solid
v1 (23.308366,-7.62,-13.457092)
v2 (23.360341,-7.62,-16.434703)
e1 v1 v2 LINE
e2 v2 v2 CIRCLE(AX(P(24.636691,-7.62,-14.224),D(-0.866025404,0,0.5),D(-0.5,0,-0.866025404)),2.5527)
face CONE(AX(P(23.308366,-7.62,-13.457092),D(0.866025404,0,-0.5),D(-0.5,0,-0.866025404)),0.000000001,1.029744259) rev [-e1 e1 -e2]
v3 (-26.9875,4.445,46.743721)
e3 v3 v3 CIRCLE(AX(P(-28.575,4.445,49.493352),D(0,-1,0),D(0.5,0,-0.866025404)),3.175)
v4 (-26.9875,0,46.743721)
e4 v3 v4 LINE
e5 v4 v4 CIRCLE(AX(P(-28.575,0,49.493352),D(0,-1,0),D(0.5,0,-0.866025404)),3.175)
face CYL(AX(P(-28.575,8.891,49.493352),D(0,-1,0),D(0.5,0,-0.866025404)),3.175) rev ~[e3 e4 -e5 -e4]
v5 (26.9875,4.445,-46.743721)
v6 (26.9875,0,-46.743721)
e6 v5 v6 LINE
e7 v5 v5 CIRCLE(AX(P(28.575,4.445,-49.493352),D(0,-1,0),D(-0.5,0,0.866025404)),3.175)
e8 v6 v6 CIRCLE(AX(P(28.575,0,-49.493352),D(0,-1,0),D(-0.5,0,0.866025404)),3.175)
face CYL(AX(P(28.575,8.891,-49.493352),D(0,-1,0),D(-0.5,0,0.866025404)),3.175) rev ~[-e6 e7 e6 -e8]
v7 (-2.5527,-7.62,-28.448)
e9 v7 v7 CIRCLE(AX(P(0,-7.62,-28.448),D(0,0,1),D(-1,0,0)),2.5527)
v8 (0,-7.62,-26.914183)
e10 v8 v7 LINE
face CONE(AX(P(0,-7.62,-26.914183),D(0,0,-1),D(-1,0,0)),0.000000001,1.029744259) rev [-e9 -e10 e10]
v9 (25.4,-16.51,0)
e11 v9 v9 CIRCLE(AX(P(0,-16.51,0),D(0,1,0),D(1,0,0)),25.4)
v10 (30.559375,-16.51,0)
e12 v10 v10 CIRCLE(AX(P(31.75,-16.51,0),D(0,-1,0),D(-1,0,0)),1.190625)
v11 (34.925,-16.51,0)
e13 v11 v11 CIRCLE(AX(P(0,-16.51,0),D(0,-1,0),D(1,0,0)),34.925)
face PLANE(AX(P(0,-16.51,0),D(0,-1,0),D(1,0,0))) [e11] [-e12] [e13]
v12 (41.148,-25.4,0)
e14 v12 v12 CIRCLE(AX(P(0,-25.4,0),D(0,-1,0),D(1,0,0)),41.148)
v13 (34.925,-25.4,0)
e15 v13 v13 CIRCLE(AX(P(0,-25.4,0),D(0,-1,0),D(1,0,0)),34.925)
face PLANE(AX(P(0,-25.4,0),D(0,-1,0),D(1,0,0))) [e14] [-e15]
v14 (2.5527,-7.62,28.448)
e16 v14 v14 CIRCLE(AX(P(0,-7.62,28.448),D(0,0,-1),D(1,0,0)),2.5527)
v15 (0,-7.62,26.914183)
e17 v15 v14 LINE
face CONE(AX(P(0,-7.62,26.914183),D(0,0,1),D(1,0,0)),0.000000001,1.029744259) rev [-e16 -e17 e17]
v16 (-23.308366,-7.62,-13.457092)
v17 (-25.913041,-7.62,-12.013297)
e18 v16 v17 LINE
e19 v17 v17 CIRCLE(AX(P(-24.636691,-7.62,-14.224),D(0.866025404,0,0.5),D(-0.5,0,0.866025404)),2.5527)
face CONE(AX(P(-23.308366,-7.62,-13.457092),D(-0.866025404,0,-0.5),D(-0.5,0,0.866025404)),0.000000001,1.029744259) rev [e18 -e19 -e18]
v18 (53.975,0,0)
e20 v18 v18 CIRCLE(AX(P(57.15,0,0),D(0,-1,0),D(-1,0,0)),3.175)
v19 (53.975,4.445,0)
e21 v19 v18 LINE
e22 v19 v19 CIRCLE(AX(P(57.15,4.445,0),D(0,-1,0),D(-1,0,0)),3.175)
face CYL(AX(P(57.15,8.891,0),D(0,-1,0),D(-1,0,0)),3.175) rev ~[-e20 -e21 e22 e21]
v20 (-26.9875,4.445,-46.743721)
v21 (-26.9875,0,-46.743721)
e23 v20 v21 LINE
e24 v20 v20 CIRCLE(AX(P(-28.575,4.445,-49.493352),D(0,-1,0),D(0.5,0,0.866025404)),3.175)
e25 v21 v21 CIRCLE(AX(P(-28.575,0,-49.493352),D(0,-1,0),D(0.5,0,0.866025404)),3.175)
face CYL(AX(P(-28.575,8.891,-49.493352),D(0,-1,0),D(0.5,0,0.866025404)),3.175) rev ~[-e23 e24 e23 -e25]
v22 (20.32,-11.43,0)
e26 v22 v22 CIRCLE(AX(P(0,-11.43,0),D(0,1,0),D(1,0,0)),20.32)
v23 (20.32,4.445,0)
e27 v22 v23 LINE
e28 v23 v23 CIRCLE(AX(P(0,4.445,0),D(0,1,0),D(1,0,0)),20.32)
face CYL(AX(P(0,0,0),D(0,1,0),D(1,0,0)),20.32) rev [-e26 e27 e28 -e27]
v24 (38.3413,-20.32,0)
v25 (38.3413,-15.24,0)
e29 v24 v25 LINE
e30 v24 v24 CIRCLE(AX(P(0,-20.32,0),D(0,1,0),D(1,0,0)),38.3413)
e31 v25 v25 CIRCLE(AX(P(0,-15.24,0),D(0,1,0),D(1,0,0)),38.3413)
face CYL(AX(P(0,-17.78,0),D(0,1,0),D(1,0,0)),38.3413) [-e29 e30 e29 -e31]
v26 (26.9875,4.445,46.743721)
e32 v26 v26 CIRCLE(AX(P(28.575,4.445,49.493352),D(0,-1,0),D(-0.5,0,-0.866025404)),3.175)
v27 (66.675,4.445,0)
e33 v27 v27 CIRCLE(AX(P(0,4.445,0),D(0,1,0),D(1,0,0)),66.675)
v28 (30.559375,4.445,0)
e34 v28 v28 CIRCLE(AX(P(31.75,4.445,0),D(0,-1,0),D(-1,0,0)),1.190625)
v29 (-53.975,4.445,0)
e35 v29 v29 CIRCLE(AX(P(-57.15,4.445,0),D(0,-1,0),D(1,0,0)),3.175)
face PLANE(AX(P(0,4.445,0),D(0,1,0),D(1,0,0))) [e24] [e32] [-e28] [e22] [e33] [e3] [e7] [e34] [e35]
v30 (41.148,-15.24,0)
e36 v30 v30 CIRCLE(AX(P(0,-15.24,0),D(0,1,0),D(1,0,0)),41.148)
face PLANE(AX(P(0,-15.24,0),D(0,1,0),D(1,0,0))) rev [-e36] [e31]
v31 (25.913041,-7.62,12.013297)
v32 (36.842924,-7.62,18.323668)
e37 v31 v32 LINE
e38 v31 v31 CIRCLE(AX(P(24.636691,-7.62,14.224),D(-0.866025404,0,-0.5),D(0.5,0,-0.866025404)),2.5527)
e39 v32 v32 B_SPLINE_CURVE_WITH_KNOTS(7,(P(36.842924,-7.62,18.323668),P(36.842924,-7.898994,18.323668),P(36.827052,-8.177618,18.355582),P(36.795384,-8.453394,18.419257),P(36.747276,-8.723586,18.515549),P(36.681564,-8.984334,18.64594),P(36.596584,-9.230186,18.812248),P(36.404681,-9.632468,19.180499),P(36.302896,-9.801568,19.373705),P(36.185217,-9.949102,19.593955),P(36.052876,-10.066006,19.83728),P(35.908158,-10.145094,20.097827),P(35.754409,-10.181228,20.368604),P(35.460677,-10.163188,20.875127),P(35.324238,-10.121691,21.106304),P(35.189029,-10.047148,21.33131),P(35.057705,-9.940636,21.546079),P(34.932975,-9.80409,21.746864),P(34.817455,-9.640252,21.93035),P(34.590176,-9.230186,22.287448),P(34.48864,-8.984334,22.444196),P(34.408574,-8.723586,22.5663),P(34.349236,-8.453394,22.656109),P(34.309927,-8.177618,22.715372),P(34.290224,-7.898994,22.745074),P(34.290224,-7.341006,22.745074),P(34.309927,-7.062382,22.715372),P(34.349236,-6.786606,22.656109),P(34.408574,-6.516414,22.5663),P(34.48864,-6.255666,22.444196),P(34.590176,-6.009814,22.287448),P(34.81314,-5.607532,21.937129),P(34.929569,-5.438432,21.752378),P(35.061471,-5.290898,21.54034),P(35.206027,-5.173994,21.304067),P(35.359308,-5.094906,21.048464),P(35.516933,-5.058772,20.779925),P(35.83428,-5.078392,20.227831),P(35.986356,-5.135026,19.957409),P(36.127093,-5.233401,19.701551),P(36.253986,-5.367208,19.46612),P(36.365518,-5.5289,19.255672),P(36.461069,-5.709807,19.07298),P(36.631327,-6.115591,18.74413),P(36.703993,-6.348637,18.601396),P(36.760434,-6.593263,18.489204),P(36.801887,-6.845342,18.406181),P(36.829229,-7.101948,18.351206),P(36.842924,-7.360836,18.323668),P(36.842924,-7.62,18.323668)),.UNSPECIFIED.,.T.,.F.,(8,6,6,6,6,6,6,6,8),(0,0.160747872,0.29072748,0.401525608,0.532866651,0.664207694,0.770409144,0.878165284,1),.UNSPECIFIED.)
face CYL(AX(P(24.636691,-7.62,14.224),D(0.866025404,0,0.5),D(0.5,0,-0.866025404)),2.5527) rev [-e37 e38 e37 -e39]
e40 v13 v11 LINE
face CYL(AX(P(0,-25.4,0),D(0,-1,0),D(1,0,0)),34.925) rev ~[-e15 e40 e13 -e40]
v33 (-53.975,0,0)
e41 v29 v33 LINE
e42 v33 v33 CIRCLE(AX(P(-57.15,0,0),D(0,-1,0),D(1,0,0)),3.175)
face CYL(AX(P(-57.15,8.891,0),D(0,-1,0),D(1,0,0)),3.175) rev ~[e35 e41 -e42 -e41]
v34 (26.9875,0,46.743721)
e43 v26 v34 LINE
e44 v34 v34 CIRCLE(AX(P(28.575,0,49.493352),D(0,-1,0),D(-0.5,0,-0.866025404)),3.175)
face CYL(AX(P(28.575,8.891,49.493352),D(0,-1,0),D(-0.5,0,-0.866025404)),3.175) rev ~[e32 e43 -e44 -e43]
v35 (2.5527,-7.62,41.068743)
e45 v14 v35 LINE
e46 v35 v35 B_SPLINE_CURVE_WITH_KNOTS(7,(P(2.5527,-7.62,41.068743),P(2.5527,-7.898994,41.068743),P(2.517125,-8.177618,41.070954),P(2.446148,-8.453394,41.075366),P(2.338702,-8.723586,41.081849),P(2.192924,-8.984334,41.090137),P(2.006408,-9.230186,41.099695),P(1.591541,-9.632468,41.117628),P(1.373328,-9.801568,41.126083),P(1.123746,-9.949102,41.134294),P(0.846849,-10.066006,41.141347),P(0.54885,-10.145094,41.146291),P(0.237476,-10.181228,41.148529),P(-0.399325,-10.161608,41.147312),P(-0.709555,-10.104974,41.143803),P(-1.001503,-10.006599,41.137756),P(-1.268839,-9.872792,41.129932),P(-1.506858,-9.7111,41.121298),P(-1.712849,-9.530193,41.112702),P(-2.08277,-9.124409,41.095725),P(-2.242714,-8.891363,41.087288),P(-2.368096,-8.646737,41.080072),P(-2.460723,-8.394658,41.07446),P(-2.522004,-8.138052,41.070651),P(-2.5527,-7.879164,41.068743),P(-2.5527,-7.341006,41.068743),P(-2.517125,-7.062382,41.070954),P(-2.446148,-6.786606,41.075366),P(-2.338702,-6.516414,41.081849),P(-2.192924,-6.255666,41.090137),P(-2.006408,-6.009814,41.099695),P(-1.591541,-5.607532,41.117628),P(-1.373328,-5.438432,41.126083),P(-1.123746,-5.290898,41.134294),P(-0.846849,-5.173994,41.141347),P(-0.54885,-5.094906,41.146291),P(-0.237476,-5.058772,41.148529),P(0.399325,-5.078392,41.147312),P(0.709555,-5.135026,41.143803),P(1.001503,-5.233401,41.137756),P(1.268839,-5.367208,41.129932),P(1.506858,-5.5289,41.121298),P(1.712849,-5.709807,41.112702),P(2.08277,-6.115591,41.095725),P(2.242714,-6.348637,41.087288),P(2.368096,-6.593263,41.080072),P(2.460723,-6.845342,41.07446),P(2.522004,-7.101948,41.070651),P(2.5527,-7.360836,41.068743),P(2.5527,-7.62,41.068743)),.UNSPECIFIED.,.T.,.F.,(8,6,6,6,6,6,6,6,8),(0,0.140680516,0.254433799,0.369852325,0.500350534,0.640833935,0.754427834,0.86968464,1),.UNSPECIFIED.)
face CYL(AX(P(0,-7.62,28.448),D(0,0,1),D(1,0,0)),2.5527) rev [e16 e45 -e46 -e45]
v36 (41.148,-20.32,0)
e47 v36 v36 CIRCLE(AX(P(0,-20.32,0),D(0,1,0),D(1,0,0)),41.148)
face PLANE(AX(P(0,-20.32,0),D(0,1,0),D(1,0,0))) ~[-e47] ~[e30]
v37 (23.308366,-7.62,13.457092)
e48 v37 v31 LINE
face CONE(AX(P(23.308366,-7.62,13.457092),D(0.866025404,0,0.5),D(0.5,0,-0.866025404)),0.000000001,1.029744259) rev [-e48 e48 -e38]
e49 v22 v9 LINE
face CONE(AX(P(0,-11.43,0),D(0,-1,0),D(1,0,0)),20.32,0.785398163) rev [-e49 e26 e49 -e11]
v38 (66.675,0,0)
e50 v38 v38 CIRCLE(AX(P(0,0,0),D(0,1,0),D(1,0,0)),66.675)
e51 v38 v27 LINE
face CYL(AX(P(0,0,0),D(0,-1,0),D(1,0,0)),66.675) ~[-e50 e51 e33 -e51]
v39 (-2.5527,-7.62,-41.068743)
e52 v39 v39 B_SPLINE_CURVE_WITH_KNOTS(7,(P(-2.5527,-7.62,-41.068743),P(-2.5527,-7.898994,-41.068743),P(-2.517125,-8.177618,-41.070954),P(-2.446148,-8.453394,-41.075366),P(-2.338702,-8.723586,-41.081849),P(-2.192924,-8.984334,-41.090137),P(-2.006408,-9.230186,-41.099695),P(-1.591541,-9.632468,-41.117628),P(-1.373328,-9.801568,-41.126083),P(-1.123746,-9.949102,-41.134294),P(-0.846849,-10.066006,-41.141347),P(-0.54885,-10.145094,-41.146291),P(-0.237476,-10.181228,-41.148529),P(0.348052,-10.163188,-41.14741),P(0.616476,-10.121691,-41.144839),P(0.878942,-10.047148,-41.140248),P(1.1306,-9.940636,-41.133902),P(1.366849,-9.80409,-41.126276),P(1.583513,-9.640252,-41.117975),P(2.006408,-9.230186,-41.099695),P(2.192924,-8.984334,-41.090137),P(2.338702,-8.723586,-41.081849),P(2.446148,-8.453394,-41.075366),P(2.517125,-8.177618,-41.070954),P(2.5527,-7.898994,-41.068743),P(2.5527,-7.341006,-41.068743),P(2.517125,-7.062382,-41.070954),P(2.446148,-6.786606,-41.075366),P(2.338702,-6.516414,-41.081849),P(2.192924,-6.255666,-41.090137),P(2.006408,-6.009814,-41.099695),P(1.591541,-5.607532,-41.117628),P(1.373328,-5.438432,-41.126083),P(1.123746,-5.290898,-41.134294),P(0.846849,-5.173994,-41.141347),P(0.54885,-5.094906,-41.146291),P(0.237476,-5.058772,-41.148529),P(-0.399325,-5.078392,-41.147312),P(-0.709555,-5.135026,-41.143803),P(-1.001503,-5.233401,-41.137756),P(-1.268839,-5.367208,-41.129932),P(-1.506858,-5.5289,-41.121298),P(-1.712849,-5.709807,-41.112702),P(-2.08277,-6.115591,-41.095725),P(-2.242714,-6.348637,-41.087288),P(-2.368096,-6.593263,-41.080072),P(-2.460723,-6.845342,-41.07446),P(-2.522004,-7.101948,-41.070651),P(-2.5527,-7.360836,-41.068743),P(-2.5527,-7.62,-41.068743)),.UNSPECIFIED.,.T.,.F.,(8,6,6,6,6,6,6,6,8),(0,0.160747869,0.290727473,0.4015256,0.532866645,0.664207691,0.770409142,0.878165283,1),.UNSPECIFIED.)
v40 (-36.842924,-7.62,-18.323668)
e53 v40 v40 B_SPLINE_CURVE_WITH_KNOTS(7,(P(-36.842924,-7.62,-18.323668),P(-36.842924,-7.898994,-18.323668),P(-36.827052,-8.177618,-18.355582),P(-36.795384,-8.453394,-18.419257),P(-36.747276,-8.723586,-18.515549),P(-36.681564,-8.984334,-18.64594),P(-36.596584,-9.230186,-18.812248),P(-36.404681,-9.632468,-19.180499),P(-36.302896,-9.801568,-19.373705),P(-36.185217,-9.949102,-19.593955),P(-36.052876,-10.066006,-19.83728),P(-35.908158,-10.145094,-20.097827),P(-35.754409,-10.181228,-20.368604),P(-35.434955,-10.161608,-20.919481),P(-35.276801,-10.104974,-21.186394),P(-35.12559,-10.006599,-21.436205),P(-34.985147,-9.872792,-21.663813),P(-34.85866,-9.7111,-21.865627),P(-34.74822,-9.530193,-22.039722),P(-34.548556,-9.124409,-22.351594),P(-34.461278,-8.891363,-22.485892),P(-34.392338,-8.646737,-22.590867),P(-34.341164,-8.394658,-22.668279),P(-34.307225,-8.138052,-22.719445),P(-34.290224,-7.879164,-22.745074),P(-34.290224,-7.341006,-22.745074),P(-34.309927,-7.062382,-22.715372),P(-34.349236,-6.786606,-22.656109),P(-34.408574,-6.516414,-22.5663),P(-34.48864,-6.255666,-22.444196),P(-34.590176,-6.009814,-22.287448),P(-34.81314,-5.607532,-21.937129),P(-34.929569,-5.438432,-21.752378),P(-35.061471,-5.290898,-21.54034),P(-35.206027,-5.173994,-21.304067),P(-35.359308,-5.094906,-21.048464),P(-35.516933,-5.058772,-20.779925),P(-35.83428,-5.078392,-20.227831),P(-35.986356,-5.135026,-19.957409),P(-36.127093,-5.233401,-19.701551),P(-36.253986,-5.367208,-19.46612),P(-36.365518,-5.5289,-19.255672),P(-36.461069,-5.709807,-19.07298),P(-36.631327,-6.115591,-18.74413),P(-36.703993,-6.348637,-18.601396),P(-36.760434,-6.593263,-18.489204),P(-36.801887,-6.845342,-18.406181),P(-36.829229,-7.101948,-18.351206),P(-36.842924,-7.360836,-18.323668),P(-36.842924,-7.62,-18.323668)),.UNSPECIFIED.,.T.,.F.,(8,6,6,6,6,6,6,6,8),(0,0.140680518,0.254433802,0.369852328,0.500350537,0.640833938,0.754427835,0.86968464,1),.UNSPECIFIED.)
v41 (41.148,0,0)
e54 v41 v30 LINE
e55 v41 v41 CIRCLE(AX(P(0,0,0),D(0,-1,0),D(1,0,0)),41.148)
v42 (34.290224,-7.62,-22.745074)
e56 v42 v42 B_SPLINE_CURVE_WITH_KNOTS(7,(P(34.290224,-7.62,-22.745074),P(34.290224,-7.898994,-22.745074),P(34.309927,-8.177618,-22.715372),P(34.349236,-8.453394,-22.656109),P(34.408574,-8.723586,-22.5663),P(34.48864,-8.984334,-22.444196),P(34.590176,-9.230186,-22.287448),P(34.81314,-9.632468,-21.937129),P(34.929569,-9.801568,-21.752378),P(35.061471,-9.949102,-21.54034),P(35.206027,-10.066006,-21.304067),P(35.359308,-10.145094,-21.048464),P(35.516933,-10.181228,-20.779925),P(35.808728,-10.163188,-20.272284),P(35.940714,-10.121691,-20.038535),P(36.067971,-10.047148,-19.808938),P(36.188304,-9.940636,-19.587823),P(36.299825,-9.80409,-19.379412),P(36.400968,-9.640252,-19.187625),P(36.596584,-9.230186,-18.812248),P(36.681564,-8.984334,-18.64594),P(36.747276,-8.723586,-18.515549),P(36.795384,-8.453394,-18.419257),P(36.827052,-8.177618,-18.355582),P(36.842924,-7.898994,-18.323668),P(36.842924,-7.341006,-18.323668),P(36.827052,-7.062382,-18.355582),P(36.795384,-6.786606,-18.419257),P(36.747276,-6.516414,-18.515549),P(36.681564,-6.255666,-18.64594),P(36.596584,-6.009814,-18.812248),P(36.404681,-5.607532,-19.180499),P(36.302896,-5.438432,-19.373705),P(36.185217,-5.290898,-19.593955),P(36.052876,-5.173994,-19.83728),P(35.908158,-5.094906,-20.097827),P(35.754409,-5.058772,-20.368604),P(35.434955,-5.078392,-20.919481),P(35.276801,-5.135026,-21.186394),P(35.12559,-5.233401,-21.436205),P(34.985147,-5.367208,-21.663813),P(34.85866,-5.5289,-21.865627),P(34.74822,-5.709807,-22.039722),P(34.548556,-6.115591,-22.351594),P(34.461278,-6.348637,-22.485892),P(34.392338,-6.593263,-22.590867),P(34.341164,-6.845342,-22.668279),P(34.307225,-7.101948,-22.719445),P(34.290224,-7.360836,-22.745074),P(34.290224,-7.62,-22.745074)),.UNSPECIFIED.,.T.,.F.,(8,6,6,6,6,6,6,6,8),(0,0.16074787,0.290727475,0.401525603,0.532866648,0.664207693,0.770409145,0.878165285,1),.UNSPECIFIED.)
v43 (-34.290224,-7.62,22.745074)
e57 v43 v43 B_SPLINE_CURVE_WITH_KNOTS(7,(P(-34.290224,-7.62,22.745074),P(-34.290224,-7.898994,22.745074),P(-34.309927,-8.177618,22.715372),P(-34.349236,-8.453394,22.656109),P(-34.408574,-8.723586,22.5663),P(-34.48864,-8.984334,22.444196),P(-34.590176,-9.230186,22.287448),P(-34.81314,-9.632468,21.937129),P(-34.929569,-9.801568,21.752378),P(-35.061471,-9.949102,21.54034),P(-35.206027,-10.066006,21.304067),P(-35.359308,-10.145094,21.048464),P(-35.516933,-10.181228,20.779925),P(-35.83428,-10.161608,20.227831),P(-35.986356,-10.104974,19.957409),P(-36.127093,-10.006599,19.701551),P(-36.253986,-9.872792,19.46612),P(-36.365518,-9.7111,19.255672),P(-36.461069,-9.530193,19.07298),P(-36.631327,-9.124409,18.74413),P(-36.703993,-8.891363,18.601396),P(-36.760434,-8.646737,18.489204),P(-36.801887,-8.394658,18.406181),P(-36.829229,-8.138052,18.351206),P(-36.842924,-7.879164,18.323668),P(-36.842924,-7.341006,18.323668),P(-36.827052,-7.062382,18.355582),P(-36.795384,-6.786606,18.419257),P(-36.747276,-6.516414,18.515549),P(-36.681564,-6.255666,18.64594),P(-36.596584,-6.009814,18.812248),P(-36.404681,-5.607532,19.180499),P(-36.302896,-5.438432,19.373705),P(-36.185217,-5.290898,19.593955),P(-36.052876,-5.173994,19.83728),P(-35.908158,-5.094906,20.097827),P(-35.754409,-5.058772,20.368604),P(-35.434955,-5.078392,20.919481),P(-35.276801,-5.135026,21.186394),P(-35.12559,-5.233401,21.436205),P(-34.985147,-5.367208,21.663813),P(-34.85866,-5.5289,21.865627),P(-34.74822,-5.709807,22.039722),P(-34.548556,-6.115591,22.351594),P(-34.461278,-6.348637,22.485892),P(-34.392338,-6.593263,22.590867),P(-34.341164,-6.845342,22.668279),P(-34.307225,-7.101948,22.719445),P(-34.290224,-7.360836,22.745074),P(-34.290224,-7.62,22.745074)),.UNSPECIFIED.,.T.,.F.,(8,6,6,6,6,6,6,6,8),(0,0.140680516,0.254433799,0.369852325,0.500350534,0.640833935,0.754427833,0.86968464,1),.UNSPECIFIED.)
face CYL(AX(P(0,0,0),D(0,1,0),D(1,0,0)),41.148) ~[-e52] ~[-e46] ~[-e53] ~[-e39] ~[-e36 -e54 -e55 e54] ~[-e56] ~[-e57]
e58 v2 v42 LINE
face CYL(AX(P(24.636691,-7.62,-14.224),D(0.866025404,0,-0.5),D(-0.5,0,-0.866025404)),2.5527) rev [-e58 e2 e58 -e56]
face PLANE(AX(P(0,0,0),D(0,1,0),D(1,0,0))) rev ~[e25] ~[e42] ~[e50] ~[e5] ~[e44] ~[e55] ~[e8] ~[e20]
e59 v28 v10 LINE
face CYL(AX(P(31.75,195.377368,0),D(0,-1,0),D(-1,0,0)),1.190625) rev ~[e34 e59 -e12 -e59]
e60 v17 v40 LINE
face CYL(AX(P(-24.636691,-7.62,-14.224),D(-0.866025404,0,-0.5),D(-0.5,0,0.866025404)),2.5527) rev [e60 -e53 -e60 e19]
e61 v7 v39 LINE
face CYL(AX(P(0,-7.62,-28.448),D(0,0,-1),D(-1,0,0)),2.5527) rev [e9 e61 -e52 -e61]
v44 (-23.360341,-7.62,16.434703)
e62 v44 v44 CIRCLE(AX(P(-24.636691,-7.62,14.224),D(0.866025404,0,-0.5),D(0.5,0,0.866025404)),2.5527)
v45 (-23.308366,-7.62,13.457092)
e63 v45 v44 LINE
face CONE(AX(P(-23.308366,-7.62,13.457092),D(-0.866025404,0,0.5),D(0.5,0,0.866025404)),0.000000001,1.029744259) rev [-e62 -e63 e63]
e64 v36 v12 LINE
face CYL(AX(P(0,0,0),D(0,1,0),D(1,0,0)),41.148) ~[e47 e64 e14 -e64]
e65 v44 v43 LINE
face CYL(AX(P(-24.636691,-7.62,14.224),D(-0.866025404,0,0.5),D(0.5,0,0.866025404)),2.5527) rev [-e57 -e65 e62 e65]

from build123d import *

# Parameters (mm, degrees)
SKETCH1_R                       = 66.675
SKETCH1_R_2                     = 20.32
BOSS_EXTRUDE1_DEPTH             = 4.445
F_1_4_0_25_DIAMETER_HOLE1_D     = 6.35
F_1_4_0_25_DIAMETER_HOLE1_DEPTH = 4.446
CIRPATTERN1_COUNT               = 6
SKETCH6_R                       = 41.148
SKETCH6_R_2                     = 20.32
BOSS_EXTRUDE2_DEPTH             = 25.4
SKETCH9_W                       = 2.9337
SKETCH9_H                       = 5.08
CIRPATTERN2_COUNT               = 6
F_3_32_0_09375_DIAMETER_HOLE1_D = 2.38125
SKETCH13_R                      = 34.925
CUT_EXTRUDE1_DEPTH              = 8.89
CHAMFER2_SIZE                   = 5.08


with BuildPart() as part:
    # Sketch1 → Boss-Extrude1 (new body)
    with BuildSketch(Plane(origin=(0, 0, 0), x_dir=(1, 0, 0), z_dir=(0, 1, 0))):
        Circle(SKETCH1_R)
        Circle(SKETCH1_R_2, mode=Mode.SUBTRACT)
    extrude(amount=BOSS_EXTRUDE1_DEPTH)

    # 1/4 (0.25) Diameter Hole1
    with Locations(Plane(origin=(0, 4.445, 0), x_dir=(1, 0, 0), z_dir=(0, 1, 0))):
        with Locations((57.15, 0)):
            f_1_4_0_25_diameter_hole1 = Hole(F_1_4_0_25_DIAMETER_HOLE1_D / 2, depth=F_1_4_0_25_DIAMETER_HOLE1_DEPTH)

    # CirPattern1: 1/4 (0.25) Diameter Hole1 ×6 about axis
    cirpattern1_axis = Axis((0, 0, 0), (0, 1, 0))
    for i in range(1, CIRPATTERN1_COUNT):
        add(f_1_4_0_25_diameter_hole1.rotate(cirpattern1_axis, i * 360 / CIRPATTERN1_COUNT), mode=Mode.SUBTRACT)

    # Sketch6 → Boss-Extrude2 (add)
    with BuildSketch(Plane.XZ):
        Circle(SKETCH6_R)
        Circle(SKETCH6_R_2, mode=Mode.SUBTRACT)
    extrude(amount=BOSS_EXTRUDE2_DEPTH)

    # Sketch9 → Cut-Revolve3 (revolve, cut)
    with BuildSketch(Plane.XY):
        with Locations((39.80815, -17.78)):
            Rectangle(SKETCH9_W, SKETCH9_H)
    revolve(axis=Axis((0, -0.47625, 0), (0, 1, 0)), mode=Mode.SUBTRACT)

    # Sketch10 → 1/4-20 Tapped Hole1 (revolve, cut)
    with BuildSketch(Plane(origin=(-35.635213315, -7.62, 20.574), x_dir=(0.5, 0, 0.866025404), z_dir=(0, 1, 0))):
        Polygon((0, 0), (0, 14.233816902), (2.5527, 12.7), (2.5527, 0), align=None)
    f_1_4_20_tapped_hole1 = revolve(axis=Axis((-41.134474629, -7.62, 23.749), (0.866025404, 0, -0.5)), mode=Mode.SUBTRACT)

    # CirPattern2: 1/4-20 Tapped Hole1 ×6 about axis
    cirpattern2_axis = Axis((0, -0.47625, 0), (0, 1, 0))
    for i in range(1, CIRPATTERN2_COUNT):
        add(f_1_4_20_tapped_hole1.rotate(cirpattern2_axis, i * 360 / CIRPATTERN2_COUNT), mode=Mode.SUBTRACT)

    # 3/32 (0.09375) Diameter Hole1 (through all)
    with Locations(Plane(origin=(0, 4.445, 0), x_dir=(1, 0, 0), z_dir=(0, 1, 0))):
        with Locations((31.75, 0)):
            Hole(F_3_32_0_09375_DIAMETER_HOLE1_D / 2)

    # Sketch13 → Cut-Extrude1 (cut)
    with BuildSketch(Plane.XZ.offset(25.4)):
        Circle(SKETCH13_R)
    extrude(amount=-CUT_EXTRUDE1_DEPTH, mode=Mode.SUBTRACT)

    # Chamfer2
    chamfer2_edges = [part.edges().sort_by_distance(p)[0] for p in [
        (-20.32, -16.51, 0),
    ]]
    chamfer(chamfer2_edges, length=CHAMFER2_SIZE)


solid = part.part
